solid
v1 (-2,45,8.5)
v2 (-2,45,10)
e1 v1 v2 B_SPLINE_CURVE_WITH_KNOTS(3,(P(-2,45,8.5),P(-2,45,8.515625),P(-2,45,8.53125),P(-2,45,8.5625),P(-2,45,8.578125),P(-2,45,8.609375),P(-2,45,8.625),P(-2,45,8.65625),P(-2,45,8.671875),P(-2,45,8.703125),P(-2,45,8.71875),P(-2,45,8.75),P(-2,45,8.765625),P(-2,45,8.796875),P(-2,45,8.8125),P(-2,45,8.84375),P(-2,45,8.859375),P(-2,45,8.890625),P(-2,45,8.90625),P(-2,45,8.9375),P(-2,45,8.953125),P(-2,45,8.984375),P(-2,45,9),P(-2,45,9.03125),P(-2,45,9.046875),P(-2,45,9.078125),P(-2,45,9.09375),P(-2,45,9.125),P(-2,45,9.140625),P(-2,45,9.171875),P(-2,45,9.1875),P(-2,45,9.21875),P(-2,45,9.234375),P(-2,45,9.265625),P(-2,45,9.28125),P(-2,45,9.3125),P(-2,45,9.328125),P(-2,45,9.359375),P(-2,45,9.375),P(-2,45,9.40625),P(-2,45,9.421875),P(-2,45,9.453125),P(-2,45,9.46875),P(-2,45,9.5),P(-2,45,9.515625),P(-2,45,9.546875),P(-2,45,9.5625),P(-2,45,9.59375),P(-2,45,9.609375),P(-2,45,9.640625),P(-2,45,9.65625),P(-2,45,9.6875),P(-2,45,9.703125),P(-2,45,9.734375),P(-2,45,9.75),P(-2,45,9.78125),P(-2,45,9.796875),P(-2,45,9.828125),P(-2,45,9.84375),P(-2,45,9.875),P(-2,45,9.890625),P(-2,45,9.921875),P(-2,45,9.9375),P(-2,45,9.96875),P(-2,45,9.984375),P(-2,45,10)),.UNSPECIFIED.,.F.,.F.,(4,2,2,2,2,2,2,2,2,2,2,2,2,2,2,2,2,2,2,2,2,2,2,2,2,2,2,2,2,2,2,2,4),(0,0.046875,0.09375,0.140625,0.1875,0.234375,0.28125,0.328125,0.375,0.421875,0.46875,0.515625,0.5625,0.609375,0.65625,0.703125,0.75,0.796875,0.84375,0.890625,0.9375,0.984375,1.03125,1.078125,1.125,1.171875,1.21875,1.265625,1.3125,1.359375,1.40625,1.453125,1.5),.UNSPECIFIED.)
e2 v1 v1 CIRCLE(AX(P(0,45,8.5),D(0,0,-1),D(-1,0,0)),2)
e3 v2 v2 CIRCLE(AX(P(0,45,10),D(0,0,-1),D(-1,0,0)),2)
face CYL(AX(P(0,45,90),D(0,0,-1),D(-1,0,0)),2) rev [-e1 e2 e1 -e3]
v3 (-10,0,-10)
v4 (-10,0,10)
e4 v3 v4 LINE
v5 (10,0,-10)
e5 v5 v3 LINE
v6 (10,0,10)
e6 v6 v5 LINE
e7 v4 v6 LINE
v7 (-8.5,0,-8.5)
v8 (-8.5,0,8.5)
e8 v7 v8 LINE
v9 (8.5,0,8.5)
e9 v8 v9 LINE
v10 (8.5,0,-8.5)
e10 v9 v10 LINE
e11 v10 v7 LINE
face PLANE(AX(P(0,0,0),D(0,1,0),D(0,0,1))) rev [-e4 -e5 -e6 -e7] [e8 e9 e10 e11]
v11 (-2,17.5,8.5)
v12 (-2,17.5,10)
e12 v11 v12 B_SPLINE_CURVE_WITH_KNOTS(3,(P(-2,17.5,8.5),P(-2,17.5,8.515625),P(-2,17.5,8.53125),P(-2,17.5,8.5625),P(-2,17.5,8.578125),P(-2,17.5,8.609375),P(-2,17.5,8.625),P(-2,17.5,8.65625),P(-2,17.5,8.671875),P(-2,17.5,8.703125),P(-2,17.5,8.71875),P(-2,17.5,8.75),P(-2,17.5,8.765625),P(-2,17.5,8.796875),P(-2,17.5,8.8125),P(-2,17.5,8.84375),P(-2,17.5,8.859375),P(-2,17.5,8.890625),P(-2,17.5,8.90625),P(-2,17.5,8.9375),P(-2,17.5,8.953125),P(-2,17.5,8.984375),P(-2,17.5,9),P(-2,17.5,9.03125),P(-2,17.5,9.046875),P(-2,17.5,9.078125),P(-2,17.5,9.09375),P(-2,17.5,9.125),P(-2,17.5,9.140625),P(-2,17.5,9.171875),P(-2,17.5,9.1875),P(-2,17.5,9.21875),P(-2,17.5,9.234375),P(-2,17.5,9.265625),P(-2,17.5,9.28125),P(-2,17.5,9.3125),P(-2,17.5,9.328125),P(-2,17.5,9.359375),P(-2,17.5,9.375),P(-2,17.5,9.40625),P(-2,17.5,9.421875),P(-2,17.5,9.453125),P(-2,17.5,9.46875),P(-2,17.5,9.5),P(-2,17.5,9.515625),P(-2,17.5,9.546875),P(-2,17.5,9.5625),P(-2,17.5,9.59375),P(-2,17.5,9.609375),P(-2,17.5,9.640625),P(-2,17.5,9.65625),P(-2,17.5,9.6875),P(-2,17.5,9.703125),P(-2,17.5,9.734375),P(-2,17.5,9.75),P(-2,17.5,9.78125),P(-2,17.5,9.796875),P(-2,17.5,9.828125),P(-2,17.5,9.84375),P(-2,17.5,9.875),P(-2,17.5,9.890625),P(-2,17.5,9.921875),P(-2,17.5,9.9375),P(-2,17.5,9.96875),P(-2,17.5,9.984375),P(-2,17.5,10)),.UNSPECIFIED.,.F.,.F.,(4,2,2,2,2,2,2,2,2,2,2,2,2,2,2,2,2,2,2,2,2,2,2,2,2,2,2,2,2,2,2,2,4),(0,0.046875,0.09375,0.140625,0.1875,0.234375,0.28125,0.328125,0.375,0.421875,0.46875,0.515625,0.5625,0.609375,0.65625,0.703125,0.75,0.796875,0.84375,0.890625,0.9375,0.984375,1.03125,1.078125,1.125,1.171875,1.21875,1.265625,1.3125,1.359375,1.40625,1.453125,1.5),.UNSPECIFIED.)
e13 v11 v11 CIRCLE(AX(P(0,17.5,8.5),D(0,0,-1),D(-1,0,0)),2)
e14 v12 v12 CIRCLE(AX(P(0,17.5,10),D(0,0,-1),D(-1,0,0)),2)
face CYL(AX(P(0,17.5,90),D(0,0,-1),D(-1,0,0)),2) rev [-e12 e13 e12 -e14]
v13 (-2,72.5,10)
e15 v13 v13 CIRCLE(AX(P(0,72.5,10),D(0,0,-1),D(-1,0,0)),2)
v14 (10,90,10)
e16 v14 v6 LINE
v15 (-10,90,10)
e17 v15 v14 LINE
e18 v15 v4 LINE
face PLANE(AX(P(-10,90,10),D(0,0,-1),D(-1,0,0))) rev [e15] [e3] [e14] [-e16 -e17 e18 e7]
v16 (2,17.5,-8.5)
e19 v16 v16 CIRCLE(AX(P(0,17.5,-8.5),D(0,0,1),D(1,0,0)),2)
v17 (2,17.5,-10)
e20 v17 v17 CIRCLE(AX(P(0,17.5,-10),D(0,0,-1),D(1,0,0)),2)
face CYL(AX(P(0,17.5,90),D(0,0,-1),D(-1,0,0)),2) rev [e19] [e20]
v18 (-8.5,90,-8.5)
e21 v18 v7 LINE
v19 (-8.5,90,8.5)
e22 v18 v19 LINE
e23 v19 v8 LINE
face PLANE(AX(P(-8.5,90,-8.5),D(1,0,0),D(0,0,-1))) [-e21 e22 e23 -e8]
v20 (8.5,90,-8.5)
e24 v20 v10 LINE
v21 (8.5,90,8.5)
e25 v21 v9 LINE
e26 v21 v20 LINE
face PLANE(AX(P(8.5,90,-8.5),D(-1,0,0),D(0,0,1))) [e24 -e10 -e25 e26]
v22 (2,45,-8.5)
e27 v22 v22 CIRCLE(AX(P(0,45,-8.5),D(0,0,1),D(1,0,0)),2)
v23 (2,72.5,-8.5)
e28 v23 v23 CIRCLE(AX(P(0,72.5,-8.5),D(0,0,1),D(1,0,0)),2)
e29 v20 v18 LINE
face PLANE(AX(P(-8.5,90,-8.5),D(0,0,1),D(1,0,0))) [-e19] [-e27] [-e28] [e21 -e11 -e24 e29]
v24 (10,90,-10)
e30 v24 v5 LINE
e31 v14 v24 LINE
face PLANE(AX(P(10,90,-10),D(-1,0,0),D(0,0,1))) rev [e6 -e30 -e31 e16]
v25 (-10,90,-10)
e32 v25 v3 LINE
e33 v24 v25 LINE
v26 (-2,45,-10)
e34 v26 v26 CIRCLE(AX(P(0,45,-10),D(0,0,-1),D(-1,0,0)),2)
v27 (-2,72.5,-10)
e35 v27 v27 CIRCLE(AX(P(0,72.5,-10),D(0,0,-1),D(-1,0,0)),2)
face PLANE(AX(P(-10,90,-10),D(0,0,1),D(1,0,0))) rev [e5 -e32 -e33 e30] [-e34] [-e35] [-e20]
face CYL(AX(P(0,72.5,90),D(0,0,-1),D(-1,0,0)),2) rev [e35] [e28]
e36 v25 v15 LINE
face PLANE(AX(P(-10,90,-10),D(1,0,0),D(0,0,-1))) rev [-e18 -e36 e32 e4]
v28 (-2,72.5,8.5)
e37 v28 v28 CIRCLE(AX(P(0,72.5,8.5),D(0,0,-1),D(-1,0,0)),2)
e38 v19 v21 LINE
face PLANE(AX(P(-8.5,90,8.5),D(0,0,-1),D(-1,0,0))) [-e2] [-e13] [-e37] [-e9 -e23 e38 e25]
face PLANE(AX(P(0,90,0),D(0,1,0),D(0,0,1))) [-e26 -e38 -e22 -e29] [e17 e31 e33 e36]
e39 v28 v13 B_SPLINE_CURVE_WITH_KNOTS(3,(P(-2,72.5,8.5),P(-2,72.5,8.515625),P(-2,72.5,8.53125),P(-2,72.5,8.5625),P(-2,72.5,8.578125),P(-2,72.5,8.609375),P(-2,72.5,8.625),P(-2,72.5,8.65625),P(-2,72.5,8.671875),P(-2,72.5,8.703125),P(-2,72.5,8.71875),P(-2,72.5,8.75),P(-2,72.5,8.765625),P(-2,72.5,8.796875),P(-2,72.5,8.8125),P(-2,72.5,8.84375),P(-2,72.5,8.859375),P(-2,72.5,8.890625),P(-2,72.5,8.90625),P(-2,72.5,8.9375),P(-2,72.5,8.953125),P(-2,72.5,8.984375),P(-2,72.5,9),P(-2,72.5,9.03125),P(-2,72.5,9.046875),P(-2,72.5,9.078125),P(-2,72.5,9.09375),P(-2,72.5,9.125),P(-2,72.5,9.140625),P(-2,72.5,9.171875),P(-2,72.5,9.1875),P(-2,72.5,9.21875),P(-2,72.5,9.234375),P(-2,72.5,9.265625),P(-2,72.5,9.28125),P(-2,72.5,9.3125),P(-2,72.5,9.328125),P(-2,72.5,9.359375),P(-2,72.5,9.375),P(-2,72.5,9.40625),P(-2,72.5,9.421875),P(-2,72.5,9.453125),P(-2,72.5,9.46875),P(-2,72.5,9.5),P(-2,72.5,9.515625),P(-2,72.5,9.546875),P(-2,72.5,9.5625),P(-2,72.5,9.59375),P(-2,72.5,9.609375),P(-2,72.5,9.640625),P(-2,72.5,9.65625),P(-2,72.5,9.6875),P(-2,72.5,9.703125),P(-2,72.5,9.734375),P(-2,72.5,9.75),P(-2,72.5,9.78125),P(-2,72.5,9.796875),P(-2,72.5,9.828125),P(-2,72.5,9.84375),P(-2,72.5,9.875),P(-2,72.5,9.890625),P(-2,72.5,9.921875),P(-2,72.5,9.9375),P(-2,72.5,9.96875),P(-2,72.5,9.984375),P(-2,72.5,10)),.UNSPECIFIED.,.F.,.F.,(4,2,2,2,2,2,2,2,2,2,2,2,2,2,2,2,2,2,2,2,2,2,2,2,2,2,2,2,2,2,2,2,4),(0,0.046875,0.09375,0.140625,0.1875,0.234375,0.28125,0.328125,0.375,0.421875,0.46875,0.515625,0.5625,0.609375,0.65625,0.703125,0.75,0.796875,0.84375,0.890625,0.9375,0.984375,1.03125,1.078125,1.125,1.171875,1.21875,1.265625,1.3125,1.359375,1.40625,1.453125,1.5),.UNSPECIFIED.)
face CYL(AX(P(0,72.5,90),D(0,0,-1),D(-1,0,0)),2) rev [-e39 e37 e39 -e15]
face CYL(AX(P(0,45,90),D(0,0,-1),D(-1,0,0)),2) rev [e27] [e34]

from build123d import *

# Parameters (mm, degrees)
SKETCH_1_W          = 20
SKETCH_1_H          = 20
SKETCH_1_W_2        = 17
SKETCH_1_H_2        = 17
EXTRUDE_1_DEPTH     = 90
SKETCH_2_R          = 2
CUT_EXTRUDE_1_DEPTH = 100


with BuildPart() as part:
    # 草图1 → 凸台-拉伸1 (new body)
    with BuildSketch(Plane(origin=(0, 0, 0), x_dir=(1, 0, 0), z_dir=(0, 1, 0))):
        Rectangle(SKETCH_1_W, SKETCH_1_H)
        Rectangle(SKETCH_1_W_2, SKETCH_1_H_2, mode=Mode.SUBTRACT)
    extrude(amount=EXTRUDE_1_DEPTH)

    # 草图2 → 切除-拉伸1 (cut)
    with BuildSketch(Plane(origin=(0, 0, -10), x_dir=(-1, 0, 0), z_dir=(0, 0, -1))):
        with Locations((0, 72.5)):
            Circle(SKETCH_2_R)
        with Locations((0, 17.5)):
            Circle(SKETCH_2_R)
        with Locations((0, 45)):
            Circle(SKETCH_2_R)
    extrude(amount=-CUT_EXTRUDE_1_DEPTH, mode=Mode.SUBTRACT)


solid = part.part
